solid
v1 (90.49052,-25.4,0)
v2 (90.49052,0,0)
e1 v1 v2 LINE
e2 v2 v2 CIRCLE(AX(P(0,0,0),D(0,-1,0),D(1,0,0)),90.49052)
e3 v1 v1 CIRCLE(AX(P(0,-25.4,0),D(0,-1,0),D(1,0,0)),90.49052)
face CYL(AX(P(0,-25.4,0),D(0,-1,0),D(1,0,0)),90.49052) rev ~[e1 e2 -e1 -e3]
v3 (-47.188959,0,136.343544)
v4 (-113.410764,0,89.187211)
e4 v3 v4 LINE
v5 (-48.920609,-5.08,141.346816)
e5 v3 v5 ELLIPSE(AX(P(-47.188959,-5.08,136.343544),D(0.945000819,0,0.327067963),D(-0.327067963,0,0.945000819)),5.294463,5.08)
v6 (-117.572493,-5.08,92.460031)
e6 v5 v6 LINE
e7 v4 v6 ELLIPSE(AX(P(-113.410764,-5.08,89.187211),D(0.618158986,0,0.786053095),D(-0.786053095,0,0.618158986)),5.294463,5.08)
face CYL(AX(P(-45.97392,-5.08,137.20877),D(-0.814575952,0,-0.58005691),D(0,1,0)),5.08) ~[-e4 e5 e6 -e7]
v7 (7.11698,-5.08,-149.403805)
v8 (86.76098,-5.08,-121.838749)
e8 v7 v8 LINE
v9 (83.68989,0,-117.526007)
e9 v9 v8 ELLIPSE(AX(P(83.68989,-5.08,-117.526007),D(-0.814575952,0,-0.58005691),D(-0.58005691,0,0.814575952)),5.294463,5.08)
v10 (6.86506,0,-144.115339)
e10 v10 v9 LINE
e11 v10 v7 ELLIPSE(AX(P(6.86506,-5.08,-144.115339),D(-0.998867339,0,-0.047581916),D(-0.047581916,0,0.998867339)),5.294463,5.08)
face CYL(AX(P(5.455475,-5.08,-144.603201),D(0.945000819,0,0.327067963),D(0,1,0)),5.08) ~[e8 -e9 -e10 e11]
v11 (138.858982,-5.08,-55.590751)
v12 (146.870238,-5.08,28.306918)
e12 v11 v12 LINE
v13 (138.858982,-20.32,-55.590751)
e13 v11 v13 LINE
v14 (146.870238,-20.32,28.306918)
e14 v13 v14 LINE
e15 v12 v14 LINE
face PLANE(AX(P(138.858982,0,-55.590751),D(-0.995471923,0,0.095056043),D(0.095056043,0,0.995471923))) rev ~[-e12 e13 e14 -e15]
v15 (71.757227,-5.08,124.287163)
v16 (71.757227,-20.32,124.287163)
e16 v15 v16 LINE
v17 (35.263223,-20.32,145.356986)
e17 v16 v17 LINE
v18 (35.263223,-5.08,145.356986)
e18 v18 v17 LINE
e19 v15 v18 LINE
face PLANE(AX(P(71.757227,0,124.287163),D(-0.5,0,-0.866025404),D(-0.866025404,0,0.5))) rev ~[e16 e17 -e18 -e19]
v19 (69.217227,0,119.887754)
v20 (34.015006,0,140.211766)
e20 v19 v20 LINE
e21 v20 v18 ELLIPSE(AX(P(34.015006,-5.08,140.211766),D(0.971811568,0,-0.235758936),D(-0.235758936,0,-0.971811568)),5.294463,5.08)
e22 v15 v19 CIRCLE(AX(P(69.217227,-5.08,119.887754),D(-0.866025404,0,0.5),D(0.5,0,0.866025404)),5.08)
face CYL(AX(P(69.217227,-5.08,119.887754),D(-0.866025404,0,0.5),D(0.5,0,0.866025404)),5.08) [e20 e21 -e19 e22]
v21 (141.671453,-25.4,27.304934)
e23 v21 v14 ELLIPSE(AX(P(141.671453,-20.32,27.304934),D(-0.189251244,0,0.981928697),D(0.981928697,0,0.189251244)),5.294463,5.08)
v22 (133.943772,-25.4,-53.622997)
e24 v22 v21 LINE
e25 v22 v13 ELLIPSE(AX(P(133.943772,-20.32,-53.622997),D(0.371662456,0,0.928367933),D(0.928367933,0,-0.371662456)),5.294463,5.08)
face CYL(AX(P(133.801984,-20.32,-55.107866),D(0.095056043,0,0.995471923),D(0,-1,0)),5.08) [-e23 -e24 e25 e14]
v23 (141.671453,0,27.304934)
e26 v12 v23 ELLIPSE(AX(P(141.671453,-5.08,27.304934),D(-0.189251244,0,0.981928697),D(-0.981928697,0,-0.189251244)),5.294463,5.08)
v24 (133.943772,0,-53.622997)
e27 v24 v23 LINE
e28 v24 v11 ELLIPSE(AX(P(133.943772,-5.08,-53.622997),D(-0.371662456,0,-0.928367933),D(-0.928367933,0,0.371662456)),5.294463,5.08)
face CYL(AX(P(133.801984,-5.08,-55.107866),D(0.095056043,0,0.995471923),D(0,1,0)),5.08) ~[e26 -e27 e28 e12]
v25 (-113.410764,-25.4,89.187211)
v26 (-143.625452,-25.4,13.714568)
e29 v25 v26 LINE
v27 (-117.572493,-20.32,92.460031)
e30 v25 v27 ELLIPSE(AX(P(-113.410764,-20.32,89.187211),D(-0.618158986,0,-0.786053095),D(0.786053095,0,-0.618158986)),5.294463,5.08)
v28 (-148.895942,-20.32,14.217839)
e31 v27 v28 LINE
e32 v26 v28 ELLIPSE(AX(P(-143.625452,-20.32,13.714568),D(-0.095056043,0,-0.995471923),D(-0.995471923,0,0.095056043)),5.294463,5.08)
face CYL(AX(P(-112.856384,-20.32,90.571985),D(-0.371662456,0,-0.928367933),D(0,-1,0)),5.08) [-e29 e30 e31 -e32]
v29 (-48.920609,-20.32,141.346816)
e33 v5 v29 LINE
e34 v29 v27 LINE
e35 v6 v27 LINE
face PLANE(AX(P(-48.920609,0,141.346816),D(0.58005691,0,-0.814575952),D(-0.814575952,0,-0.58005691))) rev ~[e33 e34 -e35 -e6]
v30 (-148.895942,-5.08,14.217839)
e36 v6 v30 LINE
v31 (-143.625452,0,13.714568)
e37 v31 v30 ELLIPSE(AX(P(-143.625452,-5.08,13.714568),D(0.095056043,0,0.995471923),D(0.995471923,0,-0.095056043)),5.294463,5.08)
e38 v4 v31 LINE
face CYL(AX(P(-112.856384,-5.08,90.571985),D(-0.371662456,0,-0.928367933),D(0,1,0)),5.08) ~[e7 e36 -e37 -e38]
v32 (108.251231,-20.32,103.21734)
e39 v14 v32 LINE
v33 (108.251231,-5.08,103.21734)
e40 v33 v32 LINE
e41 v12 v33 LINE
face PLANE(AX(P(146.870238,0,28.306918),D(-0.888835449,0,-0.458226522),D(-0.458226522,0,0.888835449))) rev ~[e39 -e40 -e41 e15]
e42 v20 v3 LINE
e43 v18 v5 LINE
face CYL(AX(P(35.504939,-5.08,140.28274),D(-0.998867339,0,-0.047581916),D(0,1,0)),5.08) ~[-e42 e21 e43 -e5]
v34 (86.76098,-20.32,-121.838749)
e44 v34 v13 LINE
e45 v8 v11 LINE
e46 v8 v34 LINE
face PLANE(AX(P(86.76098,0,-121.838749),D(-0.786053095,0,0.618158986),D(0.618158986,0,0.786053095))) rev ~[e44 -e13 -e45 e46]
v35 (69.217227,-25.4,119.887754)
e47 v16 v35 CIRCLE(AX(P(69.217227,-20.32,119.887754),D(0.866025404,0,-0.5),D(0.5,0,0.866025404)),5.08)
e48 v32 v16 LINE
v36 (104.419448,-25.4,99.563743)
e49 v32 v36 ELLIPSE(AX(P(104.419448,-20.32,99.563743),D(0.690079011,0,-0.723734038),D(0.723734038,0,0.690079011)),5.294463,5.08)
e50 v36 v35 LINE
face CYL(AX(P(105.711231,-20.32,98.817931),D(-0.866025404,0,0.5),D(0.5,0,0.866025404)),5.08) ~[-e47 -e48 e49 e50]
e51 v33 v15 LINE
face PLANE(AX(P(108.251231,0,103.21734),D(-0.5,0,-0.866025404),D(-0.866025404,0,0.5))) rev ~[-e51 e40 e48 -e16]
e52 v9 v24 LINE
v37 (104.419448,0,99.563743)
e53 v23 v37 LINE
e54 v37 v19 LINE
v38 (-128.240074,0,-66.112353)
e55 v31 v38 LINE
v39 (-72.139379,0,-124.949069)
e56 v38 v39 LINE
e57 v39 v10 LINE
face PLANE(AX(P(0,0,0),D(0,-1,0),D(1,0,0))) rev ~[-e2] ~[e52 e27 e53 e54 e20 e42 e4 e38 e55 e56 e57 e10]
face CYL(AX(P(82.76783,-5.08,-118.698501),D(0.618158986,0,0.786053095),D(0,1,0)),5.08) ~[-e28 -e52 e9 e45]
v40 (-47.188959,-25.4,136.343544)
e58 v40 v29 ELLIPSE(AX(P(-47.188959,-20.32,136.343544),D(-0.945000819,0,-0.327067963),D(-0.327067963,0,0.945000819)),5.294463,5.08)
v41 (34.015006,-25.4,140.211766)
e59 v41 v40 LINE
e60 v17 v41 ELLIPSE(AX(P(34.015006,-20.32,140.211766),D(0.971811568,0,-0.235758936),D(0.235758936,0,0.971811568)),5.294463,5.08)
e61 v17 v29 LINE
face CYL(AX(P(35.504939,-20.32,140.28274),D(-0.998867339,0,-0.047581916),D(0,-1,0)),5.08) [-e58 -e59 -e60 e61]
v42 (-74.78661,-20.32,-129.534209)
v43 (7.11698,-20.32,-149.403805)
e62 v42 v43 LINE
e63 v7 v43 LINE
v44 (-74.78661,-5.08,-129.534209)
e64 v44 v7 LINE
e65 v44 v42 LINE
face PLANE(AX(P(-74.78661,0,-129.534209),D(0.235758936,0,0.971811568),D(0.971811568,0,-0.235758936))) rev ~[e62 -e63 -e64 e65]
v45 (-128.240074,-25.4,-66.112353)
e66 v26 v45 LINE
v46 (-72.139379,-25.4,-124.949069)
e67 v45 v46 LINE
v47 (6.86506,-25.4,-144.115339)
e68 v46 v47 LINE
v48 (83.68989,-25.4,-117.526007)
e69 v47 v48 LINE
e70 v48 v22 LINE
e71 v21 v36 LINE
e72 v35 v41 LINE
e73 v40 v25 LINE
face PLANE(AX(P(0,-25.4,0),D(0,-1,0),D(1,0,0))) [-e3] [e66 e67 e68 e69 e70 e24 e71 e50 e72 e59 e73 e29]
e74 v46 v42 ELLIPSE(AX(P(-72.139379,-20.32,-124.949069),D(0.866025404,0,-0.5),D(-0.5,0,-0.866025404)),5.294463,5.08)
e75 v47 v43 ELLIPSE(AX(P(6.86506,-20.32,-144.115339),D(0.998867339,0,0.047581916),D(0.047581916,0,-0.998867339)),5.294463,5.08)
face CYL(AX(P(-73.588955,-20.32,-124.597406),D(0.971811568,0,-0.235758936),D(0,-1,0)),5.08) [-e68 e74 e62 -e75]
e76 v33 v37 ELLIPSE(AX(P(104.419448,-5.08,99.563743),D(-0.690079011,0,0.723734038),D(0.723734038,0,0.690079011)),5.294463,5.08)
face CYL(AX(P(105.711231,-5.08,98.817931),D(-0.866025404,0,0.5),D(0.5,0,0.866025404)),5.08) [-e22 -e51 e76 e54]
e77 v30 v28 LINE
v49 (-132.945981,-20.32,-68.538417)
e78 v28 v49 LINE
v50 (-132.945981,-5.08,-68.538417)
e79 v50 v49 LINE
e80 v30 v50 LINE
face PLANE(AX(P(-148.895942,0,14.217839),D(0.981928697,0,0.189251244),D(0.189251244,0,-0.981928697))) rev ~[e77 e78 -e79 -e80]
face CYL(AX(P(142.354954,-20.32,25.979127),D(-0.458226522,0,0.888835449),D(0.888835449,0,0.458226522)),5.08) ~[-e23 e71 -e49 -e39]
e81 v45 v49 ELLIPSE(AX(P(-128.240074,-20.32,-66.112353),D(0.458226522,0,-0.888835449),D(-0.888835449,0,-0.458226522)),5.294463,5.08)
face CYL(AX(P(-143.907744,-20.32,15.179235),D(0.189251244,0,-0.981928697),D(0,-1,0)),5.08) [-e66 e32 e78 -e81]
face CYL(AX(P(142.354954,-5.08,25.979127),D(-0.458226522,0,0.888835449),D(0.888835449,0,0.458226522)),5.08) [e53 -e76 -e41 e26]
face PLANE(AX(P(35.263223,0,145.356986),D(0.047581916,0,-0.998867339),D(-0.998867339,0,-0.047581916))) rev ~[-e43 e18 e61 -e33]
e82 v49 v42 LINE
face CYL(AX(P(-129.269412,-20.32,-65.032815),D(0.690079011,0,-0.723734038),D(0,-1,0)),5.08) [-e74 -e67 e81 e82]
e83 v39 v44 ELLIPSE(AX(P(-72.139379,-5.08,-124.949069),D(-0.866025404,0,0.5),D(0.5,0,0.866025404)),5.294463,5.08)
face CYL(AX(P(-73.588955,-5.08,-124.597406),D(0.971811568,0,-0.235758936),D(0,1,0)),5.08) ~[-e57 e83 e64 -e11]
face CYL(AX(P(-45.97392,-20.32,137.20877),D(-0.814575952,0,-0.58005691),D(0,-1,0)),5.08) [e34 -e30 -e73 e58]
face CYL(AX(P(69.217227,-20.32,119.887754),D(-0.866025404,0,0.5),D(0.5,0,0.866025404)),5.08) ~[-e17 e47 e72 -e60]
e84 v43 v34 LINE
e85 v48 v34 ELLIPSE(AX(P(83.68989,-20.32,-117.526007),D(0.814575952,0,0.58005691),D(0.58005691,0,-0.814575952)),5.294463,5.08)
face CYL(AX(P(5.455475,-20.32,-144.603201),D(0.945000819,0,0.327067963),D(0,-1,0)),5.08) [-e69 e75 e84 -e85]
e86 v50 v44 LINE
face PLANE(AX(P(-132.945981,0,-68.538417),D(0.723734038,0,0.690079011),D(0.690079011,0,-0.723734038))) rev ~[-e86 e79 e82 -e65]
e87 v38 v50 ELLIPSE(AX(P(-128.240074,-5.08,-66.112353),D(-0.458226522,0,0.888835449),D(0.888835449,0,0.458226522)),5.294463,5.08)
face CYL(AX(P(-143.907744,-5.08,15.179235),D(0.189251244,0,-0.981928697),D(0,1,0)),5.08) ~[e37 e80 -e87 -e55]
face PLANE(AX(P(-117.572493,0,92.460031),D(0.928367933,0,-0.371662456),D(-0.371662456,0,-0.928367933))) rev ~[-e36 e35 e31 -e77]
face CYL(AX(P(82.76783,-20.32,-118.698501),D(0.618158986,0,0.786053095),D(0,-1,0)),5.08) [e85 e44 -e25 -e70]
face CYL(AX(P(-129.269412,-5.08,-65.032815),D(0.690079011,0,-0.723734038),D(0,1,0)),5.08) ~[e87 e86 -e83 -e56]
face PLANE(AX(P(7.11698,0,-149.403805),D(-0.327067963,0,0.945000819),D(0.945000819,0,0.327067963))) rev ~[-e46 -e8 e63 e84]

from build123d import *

# Parameters (mm, degrees)
F1_DEPTH = 25.4
F2_R     = 90.4905202305
F3_DEPTH = 25.4
F4_R     = 5.08
F5_R     = 5.08


with BuildPart() as f1:
    # F0 (on Front) → F1 (new body)
    with BuildSketch(Plane.XZ):
        Polygon((108.2512310565, 103.2173403296), (71.7572271824, 124.2871632902), (35.2632233082, 145.3569862507), (-48.9206086824, 141.3468160806), (-117.5724930729, 92.4600305138), (-148.8959416402, 14.2178385502), (-132.9459807853, -68.5384166946), (-74.7866103824, -129.5342089082), (7.1169803999, -149.4038050384), (86.7609801915, -121.8387487058), (138.858981796, -55.5907505305), (146.870237811, 28.3069181527), align=None)
        Polygon((-16.0764054761, 73.5763918309), (71.7572271824, 124.2871632902), (71.7572271824, 25.0510078709), (72.8934520967, 23.3153364586), (71.7572271824, 0), (71.7572271824, -124.2871632902), (-143.5144543648, 0), (-52.9619502577, 52.280512622), (-41.3737298926, 66.6985122387), align=None, mode=Mode.SUBTRACT)
        Polygon((71.7572271824, -124.2871632902), (71.7572271824, 0), (70.6210022681, -23.3153364586), (41.3737298926, -59.7046308119), (-3.6769010605, -71.953072985), (-47.3230807818, -55.3821743769), (-72.8934520967, -16.3214550319), (-70.6210022681, 30.3092178854), (-52.9619502577, 52.280512622), (-143.5144543648, 0), align=None)
        Polygon((71.7572271824, 25.0510078709), (71.7572271824, 124.2871632902), (-16.0764054761, 73.5763918309), (3.6769010605, 78.9469544117), (47.3230807818, 62.3760558037), align=None)
        Polygon((-52.9619502577, 52.280512622), (-16.0764054761, 73.5763918309), (-41.3737298926, 66.6985122387), align=None)
    extrude(amount=F1_DEPTH)

    # F2 (on face) → F3 (cut)
    with BuildSketch(Plane.XZ.offset(25.4)):
        Circle(F2_R)
        Polygon((72.8934520967, 23.3153364586), (70.6210022681, -23.3153364586), (41.3737298926, -59.7046308119), (-3.6769010605, -71.953072985), (-47.3230807818, -55.3821743769), (-72.8934520967, -16.3214550319), (-70.6210022681, 30.3092178854), (-52.9619502577, 52.280512622), (-16.0764054761, 73.5763918309), (3.6769010605, 78.9469544117), (47.3230807818, 62.3760558037), align=None, mode=Mode.SUBTRACT)
    extrude(amount=-F3_DEPTH, mode=Mode.SUBTRACT)

    # F4
    f4_edges = [f1.edges().sort_by_distance(p)[0] for p in [
        (-133.234217, -25.4, 53.338935),
        (-140.920961, -25.4, -27.160289),
        (-103.866296, -25.4, -99.036313),
        (-33.834815, -25.4, -139.469007),
        (46.93898, -25.4, -135.621277),
        (112.809981, -25.4, -88.71475),
        (142.86461, -25.4, -13.641916),
        (127.560734, -25.4, 65.762129),
        (71.757227, -25.4, 124.287163),
        (-6.828693, -25.4, 143.351901),
        (-83.246551, -25.4, 116.903423),
    ]]
    fillet(f4_edges, radius=F4_R)

    # F5
    f5_edges = [f1.edges().sort_by_distance(p)[0] for p in [
        (127.560734, 0, 65.762129),
        (142.86461, 0, -13.641916),
        (112.809981, 0, -88.71475),
        (46.93898, 0, -135.621277),
        (-33.834815, 0, -139.469007),
        (-103.866296, 0, -99.036313),
        (-140.920961, 0, -27.160289),
        (-6.828693, 0, 143.351901),
        (71.757227, 0, 124.287163),
        (-83.246551, 0, 116.903423),
        (-133.234217, 0, 53.338935),
    ]]
    fillet(f5_edges, radius=F5_R)


solid = f1.part
